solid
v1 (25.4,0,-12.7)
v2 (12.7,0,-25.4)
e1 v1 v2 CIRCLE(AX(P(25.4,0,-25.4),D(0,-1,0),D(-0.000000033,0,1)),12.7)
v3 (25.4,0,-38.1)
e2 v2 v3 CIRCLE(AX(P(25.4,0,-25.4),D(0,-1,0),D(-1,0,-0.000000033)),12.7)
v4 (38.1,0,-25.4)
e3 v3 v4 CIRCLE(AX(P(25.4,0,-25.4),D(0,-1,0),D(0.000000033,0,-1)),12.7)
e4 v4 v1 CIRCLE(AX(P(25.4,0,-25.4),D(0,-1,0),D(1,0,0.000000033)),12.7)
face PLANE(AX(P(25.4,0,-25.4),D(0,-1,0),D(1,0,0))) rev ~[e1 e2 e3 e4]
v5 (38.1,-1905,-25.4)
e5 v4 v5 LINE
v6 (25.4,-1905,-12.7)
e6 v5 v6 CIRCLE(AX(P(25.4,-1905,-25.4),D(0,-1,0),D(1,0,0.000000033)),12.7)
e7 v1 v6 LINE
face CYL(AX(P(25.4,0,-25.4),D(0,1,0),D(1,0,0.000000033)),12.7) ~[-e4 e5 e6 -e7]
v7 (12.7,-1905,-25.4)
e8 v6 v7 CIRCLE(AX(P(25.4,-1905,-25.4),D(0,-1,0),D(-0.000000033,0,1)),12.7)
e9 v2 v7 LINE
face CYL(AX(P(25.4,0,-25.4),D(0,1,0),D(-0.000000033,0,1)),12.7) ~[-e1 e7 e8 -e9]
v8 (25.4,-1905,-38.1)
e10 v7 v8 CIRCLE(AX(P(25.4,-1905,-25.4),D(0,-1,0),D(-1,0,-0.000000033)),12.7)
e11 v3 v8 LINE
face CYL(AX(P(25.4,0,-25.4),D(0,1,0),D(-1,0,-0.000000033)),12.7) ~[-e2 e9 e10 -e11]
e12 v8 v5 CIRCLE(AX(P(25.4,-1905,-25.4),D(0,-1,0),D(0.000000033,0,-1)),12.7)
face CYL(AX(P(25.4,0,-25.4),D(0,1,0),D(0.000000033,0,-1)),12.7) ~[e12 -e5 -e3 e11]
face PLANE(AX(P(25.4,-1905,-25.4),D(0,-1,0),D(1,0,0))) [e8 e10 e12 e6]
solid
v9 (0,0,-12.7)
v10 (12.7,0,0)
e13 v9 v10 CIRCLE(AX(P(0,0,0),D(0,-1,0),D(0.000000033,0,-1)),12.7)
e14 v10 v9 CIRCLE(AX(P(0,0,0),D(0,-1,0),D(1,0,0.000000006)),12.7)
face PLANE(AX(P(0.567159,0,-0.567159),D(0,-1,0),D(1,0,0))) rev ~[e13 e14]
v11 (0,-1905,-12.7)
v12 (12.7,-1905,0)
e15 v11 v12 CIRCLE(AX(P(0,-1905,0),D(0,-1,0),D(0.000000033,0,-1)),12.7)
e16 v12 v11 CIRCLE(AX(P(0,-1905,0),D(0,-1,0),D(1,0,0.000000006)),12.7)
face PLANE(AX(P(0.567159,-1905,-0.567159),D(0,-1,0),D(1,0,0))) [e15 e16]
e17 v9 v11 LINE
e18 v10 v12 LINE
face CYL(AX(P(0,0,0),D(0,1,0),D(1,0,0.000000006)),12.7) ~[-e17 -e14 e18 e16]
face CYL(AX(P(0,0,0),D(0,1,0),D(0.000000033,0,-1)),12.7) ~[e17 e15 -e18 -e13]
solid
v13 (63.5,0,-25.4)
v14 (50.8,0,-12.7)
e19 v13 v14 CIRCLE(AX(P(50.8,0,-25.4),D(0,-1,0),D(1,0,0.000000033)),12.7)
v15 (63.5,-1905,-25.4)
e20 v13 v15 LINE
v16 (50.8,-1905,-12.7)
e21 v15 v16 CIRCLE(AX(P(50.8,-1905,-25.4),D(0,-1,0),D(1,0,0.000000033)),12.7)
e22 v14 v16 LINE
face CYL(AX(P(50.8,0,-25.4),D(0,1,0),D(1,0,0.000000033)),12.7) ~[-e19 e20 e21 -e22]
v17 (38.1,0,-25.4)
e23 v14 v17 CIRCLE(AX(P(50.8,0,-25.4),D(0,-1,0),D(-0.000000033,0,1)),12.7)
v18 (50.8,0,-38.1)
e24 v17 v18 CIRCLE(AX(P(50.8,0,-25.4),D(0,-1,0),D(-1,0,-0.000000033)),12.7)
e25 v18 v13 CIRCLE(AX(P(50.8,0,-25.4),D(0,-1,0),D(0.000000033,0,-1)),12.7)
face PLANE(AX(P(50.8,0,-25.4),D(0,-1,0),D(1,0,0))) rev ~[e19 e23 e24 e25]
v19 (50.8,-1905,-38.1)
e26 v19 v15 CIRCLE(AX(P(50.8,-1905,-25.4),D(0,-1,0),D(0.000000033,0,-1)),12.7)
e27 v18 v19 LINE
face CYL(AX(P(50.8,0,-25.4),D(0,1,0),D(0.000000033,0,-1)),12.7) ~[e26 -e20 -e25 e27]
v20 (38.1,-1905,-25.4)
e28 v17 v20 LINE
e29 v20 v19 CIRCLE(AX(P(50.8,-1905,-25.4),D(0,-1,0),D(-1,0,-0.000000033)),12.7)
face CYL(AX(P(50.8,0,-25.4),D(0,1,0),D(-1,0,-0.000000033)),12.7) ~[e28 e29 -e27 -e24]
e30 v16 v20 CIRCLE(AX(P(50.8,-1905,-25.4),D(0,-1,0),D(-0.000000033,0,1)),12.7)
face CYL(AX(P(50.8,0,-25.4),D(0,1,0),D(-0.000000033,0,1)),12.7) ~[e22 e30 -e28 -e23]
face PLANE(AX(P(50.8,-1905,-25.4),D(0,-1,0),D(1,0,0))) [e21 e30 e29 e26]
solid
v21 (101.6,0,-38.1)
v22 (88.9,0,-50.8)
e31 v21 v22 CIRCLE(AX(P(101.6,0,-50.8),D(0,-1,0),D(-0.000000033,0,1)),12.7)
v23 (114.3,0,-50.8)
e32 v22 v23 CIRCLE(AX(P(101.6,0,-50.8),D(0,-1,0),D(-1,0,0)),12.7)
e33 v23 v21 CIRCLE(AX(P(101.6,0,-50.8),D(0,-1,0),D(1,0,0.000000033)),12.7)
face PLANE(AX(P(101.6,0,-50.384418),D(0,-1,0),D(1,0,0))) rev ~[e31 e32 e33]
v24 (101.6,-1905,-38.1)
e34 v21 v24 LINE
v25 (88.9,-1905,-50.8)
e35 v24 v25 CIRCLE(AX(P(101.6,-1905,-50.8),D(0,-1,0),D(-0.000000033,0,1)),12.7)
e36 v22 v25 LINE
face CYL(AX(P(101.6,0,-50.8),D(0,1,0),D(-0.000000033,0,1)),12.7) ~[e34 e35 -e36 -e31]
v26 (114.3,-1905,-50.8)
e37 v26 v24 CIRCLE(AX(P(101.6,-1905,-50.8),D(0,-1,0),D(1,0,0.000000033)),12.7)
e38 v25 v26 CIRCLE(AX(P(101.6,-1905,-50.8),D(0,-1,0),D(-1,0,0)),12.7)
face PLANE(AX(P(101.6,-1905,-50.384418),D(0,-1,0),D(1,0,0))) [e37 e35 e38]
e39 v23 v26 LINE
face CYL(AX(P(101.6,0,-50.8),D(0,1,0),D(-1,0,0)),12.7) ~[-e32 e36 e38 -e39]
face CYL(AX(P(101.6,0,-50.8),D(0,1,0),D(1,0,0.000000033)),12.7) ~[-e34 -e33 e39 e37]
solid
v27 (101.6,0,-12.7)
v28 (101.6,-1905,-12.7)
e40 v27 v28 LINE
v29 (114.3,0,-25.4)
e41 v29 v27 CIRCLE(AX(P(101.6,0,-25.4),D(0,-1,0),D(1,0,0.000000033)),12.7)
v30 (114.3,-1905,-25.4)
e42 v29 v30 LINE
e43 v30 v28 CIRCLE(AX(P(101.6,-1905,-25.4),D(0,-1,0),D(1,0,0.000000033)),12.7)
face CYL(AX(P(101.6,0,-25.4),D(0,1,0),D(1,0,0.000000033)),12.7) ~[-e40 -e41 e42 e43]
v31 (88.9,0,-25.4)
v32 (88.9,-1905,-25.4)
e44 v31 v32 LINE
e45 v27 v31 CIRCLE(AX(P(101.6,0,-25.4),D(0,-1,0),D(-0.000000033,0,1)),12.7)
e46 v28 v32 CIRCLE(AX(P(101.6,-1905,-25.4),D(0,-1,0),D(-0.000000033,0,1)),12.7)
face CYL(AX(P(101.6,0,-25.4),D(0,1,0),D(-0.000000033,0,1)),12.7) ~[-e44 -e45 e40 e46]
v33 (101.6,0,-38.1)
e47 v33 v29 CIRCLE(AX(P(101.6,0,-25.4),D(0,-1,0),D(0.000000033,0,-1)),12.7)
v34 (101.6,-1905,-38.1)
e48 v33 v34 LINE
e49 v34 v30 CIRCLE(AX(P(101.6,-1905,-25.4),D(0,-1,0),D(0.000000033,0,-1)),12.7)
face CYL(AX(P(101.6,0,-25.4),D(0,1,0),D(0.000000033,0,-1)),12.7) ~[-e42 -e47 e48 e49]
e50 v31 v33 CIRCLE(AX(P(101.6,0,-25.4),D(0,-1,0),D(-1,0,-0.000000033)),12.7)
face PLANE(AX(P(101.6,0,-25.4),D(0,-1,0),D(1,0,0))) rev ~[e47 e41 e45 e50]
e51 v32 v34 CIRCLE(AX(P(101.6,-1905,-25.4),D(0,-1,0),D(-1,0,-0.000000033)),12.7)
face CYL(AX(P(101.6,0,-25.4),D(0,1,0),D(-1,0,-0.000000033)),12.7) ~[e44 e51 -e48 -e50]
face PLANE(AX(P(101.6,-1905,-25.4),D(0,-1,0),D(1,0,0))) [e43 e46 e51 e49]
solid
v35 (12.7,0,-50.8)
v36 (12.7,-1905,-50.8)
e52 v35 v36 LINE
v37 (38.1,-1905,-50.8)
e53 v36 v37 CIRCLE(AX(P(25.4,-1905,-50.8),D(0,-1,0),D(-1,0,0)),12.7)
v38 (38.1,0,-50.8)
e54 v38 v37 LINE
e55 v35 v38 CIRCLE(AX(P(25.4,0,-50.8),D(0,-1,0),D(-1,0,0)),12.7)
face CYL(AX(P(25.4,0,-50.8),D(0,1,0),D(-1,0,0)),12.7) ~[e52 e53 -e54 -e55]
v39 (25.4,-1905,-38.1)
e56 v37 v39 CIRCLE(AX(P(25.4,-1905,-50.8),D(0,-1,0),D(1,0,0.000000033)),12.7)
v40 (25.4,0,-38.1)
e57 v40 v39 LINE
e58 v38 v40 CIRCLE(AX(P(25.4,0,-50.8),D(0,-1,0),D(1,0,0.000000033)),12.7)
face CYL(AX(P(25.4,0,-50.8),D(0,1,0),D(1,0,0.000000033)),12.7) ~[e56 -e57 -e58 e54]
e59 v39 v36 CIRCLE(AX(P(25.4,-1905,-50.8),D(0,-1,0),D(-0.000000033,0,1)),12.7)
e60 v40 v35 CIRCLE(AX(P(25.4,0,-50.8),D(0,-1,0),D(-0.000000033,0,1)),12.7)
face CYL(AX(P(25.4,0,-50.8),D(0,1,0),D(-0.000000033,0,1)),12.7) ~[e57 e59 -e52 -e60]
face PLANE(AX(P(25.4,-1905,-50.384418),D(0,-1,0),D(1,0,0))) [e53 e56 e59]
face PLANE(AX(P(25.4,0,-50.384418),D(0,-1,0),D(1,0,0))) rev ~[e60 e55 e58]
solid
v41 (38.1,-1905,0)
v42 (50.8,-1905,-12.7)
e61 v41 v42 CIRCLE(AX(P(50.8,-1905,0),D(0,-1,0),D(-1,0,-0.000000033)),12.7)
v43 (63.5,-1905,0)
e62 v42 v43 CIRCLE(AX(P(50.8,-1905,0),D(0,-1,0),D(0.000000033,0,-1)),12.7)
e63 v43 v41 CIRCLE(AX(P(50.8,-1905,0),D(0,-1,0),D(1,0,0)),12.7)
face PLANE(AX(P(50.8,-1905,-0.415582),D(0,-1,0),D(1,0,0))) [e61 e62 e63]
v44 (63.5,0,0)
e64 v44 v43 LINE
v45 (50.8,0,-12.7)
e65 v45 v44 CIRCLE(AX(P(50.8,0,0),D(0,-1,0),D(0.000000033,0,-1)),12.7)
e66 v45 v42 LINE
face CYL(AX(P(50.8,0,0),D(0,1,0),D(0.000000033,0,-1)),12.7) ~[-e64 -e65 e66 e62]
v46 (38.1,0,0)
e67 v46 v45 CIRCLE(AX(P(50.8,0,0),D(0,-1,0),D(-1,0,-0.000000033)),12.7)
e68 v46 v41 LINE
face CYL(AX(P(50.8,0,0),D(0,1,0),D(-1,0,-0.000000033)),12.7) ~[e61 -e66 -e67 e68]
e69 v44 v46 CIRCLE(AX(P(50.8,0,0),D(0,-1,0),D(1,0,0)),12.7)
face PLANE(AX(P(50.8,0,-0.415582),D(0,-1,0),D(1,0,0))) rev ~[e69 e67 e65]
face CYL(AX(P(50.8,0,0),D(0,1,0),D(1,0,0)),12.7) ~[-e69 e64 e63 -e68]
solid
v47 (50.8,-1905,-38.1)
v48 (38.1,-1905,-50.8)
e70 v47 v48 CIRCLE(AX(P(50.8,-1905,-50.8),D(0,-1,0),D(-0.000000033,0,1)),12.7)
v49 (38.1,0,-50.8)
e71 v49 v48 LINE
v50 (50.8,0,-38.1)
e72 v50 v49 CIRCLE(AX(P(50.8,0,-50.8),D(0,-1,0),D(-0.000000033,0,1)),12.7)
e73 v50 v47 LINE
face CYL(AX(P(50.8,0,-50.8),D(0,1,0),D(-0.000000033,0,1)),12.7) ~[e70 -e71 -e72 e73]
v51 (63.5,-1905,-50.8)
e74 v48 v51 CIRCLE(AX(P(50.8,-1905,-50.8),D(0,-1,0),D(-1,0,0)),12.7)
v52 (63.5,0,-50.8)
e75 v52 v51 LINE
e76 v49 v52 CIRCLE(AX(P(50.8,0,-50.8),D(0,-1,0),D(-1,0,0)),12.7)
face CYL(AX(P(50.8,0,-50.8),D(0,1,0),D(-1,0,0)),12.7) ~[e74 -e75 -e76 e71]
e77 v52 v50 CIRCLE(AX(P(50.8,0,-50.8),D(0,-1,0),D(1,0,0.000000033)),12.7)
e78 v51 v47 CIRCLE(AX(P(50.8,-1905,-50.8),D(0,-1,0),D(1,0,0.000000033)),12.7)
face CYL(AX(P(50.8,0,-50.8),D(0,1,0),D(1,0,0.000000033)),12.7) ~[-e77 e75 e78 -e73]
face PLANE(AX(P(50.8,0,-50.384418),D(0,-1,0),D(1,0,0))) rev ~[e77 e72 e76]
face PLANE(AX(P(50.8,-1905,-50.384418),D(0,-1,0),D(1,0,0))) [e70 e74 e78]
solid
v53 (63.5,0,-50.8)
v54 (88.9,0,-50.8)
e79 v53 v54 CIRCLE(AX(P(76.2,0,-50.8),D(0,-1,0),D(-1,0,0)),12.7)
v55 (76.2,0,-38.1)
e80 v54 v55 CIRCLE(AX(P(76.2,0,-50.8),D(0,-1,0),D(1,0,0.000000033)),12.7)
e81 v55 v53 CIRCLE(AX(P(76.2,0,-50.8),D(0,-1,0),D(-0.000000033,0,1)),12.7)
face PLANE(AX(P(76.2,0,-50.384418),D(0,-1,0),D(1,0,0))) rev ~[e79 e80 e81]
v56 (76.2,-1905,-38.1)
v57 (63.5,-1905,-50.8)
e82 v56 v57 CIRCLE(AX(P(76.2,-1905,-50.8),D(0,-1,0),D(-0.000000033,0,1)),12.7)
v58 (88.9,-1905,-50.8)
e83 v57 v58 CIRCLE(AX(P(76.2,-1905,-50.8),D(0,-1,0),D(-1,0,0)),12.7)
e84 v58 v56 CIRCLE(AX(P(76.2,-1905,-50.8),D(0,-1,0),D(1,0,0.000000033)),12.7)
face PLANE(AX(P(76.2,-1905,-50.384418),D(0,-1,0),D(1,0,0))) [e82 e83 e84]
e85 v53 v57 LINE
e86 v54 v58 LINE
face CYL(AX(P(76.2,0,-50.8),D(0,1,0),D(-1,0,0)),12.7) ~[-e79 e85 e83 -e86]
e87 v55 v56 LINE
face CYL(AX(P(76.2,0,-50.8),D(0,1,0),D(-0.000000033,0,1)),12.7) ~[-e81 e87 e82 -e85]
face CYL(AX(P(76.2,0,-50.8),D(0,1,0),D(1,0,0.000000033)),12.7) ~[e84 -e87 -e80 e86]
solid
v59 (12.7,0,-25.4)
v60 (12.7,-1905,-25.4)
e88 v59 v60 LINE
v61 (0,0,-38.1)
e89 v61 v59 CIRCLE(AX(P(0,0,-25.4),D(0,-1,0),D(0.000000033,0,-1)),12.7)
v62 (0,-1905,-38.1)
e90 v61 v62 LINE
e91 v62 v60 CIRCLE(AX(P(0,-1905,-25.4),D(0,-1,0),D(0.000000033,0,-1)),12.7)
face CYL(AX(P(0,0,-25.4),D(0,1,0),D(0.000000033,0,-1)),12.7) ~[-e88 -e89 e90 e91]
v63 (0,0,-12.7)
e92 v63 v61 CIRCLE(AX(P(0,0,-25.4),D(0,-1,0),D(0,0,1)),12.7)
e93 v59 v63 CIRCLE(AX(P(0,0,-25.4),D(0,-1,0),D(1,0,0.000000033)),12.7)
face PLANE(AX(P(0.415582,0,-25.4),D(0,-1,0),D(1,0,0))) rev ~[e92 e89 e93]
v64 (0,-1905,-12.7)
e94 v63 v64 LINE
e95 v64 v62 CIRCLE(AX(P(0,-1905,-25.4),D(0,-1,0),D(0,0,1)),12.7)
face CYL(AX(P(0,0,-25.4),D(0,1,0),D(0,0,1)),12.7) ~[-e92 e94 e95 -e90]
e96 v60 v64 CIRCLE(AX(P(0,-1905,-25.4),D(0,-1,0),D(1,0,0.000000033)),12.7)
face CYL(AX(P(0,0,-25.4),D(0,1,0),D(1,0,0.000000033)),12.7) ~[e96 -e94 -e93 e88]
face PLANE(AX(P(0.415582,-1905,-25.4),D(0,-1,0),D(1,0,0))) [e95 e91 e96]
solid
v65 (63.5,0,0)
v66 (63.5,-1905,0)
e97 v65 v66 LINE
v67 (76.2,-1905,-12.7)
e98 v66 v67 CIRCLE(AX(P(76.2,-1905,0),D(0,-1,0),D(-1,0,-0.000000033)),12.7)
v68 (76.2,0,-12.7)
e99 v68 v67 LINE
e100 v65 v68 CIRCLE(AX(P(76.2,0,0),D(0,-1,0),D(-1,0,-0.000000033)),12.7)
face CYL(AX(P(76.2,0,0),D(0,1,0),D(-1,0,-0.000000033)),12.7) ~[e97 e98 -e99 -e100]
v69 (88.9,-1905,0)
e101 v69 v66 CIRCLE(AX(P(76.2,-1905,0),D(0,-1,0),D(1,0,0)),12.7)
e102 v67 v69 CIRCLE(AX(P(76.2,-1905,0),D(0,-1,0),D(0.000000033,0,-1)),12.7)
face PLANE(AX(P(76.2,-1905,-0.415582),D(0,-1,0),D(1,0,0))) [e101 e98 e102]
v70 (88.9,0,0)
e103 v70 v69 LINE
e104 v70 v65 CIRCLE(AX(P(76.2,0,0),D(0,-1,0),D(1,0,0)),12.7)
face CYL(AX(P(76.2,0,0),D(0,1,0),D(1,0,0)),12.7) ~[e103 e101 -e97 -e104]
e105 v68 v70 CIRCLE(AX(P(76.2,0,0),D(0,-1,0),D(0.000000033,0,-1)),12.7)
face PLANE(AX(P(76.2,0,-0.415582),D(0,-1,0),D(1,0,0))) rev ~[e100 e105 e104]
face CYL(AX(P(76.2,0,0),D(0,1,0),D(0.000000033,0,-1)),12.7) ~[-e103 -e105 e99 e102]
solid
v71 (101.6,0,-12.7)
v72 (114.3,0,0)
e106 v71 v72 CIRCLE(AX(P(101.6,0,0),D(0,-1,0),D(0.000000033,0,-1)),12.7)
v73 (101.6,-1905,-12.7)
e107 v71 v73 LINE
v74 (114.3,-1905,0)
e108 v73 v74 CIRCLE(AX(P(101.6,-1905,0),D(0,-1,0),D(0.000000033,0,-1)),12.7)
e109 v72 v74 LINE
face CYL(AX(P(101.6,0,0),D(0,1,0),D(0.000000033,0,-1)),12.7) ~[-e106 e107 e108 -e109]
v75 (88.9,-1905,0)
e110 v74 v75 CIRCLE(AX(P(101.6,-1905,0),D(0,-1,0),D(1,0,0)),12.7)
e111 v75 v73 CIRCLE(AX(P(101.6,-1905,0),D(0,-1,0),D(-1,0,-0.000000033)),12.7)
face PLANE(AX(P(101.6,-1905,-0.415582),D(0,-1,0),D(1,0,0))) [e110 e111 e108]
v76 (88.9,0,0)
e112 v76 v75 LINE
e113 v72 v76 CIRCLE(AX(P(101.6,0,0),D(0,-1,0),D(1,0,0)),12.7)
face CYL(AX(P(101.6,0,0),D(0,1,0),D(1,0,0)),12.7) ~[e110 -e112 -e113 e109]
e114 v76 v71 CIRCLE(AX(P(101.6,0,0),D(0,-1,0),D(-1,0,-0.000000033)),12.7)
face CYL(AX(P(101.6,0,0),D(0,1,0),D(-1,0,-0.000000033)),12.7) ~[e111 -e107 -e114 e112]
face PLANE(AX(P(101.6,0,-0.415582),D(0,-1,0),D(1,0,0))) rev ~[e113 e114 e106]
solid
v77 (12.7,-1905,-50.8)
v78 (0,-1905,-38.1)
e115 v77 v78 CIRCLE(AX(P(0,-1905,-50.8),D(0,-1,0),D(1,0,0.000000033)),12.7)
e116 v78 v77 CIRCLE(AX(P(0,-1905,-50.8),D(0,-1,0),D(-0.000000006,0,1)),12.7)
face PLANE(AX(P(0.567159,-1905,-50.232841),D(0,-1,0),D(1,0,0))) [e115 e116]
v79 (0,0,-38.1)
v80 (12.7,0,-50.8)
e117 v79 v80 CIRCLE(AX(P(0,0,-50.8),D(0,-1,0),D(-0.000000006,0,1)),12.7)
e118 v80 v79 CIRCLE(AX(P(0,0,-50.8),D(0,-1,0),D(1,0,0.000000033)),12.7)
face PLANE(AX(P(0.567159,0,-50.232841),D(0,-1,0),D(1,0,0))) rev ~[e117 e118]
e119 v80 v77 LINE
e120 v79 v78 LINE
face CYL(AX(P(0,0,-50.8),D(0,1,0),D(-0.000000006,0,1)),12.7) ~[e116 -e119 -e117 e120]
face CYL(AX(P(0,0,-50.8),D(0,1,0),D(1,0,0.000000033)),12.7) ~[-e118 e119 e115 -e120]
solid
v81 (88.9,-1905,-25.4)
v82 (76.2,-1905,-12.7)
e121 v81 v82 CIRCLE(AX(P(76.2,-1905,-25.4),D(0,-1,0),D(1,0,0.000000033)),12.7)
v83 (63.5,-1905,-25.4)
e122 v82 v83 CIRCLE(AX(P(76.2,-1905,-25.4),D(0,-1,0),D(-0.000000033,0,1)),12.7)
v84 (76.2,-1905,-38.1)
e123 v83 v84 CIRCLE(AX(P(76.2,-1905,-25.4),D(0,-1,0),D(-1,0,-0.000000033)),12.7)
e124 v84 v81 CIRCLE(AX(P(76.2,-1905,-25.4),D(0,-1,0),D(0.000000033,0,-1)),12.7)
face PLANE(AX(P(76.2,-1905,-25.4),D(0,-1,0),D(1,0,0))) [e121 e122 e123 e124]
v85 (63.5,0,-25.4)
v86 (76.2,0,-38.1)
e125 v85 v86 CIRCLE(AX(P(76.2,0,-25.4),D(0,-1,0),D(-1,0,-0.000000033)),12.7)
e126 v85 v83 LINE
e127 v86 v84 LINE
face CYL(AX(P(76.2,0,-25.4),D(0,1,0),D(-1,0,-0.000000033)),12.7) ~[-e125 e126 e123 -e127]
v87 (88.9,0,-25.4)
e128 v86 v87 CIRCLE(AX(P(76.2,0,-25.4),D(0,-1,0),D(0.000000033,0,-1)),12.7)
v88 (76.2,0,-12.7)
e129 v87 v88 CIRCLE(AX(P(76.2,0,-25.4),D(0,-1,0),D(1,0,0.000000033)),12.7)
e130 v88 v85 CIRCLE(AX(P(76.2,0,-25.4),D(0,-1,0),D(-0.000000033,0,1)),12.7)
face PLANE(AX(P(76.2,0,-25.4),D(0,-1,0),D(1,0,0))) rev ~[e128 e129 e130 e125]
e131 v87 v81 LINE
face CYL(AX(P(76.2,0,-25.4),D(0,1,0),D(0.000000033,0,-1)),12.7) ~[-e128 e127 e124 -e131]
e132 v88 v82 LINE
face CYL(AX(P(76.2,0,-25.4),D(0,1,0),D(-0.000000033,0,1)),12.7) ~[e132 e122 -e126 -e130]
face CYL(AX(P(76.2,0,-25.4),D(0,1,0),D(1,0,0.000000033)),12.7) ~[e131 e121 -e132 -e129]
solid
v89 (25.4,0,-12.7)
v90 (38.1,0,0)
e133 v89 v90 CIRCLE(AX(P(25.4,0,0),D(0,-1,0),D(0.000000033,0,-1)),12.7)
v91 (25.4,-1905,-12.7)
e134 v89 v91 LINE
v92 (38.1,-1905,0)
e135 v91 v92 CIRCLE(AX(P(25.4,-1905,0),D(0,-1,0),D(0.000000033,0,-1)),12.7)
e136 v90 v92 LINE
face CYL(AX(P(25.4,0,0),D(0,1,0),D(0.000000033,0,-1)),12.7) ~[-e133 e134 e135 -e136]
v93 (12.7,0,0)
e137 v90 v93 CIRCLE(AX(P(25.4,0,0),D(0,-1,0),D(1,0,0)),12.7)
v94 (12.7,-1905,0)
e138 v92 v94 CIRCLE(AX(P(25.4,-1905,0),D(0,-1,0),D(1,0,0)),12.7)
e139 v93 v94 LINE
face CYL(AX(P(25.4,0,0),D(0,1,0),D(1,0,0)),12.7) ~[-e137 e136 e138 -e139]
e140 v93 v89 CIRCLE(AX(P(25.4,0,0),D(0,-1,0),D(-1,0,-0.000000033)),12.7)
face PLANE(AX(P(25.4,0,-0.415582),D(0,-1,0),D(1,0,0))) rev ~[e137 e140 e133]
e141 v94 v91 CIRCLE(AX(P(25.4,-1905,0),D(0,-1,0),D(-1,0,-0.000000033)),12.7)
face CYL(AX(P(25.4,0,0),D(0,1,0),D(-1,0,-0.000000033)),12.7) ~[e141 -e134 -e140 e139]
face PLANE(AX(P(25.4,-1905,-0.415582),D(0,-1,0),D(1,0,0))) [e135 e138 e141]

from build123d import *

# Parameters (mm, degrees)
F1_DEPTH = 1905


with BuildPart() as f1:
    # F0 (on Front) → F1 (new body)
    with BuildSketch(Plane.XZ):
        with BuildLine():
            ThreePointArc((0, -12.7), (8.980256, -8.980256), (12.7, 0))
            ThreePointArc((12.7, 0), (-8.980256, 8.980256), (0, -12.7))
        make_face()
        with BuildLine():
            ThreePointArc((38.1, 0), (25.4, 12.7), (12.7, 0))
            ThreePointArc((12.7, 0), (16.419744, -8.980256), (25.4, -12.7))
            ThreePointArc((25.4, -12.7), (34.380256, -8.980256), (38.1, 0))
        make_face()
        with BuildLine():
            ThreePointArc((63.5, 0), (50.8, 12.7), (38.1, 0))
            ThreePointArc((38.1, 0), (41.819744, -8.980256), (50.8, -12.7))
            ThreePointArc((50.8, -12.7), (59.780256, -8.980256), (63.5, 0))
        make_face()
        with BuildLine():
            ThreePointArc((88.9, 0), (76.2, 12.7), (63.5, 0))
            ThreePointArc((63.5, 0), (67.219744, -8.980256), (76.2, -12.7))
            ThreePointArc((76.2, -12.7), (85.180256, -8.980256), (88.9, 0))
        make_face()
        with BuildLine():
            ThreePointArc((114.3, 0), (101.6, 12.7), (88.9, 0))
            ThreePointArc((88.9, 0), (92.619744, -8.980256), (101.6, -12.7))
            ThreePointArc((101.6, -12.7), (110.580256, -8.980256), (114.3, 0))
        make_face()
        with BuildLine():
            ThreePointArc((114.3, -25.4), (110.580256, -16.419744), (101.6, -12.7))
            ThreePointArc((101.6, -12.7), (92.619744, -16.419744), (88.9, -25.4))
            ThreePointArc((88.9, -25.4), (92.619744, -34.380256), (101.6, -38.1))
            ThreePointArc((101.6, -38.1), (110.580256, -34.380256), (114.3, -25.4))
        make_face()
        with BuildLine():
            ThreePointArc((88.9, -25.4), (85.180256, -16.419744), (76.2, -12.7))
            ThreePointArc((76.2, -12.7), (67.219744, -16.419744), (63.5, -25.4))
            ThreePointArc((63.5, -25.4), (67.219744, -34.380256), (76.2, -38.1))
            ThreePointArc((76.2, -38.1), (85.180256, -34.380256), (88.9, -25.4))
        make_face()
        with BuildLine():
            ThreePointArc((63.5, -25.4), (59.780256, -16.419744), (50.8, -12.7))
            ThreePointArc((50.8, -12.7), (41.819744, -16.419744), (38.1, -25.4))
            ThreePointArc((38.1, -25.4), (41.819744, -34.380256), (50.8, -38.1))
            ThreePointArc((50.8, -38.1), (59.780256, -34.380256), (63.5, -25.4))
        make_face()
        with BuildLine():
            ThreePointArc((38.1, -25.4), (34.380256, -16.419744), (25.4, -12.7))
            ThreePointArc((25.4, -12.7), (16.419744, -16.419744), (12.7, -25.4))
            ThreePointArc((12.7, -25.4), (16.419744, -34.380256), (25.4, -38.1))
            ThreePointArc((25.4, -38.1), (34.380256, -34.380256), (38.1, -25.4))
        make_face()
        with BuildLine():
            ThreePointArc((12.7, -25.4), (8.980256, -16.419744), (0, -12.7))
            ThreePointArc((0, -12.7), (-12.7, -25.4), (0, -38.1))
            ThreePointArc((0, -38.1), (8.980256, -34.380256), (12.7, -25.4))
        make_face()
        with BuildLine():
            ThreePointArc((12.7, -50.8), (8.980256, -41.819744), (0, -38.1))
            ThreePointArc((0, -38.1), (-8.980256, -59.780256), (12.7, -50.8))
        make_face()
        with BuildLine():
            ThreePointArc((38.1, -50.8), (34.380256, -41.819744), (25.4, -38.1))
            ThreePointArc((25.4, -38.1), (16.419744, -41.819744), (12.7, -50.8))
            ThreePointArc((12.7, -50.8), (25.4, -63.5), (38.1, -50.8))
        make_face()
        with BuildLine():
            ThreePointArc((63.5, -50.8), (59.780256, -41.819744), (50.8, -38.1))
            ThreePointArc((50.8, -38.1), (41.819744, -41.819744), (38.1, -50.8))
            ThreePointArc((38.1, -50.8), (50.8, -63.5), (63.5, -50.8))
        make_face()
        with BuildLine():
            ThreePointArc((88.9, -50.8), (85.180256, -41.819744), (76.2, -38.1))
            ThreePointArc((76.2, -38.1), (67.219744, -41.819744), (63.5, -50.8))
            ThreePointArc((63.5, -50.8), (76.2, -63.5), (88.9, -50.8))
        make_face()
        with BuildLine():
            ThreePointArc((114.3, -50.8), (110.580256, -41.819744), (101.6, -38.1))
            ThreePointArc((101.6, -38.1), (92.619744, -41.819744), (88.9, -50.8))
            ThreePointArc((88.9, -50.8), (101.6, -63.5), (114.3, -50.8))
        make_face()
    extrude(amount=F1_DEPTH)


solid = f1.part
